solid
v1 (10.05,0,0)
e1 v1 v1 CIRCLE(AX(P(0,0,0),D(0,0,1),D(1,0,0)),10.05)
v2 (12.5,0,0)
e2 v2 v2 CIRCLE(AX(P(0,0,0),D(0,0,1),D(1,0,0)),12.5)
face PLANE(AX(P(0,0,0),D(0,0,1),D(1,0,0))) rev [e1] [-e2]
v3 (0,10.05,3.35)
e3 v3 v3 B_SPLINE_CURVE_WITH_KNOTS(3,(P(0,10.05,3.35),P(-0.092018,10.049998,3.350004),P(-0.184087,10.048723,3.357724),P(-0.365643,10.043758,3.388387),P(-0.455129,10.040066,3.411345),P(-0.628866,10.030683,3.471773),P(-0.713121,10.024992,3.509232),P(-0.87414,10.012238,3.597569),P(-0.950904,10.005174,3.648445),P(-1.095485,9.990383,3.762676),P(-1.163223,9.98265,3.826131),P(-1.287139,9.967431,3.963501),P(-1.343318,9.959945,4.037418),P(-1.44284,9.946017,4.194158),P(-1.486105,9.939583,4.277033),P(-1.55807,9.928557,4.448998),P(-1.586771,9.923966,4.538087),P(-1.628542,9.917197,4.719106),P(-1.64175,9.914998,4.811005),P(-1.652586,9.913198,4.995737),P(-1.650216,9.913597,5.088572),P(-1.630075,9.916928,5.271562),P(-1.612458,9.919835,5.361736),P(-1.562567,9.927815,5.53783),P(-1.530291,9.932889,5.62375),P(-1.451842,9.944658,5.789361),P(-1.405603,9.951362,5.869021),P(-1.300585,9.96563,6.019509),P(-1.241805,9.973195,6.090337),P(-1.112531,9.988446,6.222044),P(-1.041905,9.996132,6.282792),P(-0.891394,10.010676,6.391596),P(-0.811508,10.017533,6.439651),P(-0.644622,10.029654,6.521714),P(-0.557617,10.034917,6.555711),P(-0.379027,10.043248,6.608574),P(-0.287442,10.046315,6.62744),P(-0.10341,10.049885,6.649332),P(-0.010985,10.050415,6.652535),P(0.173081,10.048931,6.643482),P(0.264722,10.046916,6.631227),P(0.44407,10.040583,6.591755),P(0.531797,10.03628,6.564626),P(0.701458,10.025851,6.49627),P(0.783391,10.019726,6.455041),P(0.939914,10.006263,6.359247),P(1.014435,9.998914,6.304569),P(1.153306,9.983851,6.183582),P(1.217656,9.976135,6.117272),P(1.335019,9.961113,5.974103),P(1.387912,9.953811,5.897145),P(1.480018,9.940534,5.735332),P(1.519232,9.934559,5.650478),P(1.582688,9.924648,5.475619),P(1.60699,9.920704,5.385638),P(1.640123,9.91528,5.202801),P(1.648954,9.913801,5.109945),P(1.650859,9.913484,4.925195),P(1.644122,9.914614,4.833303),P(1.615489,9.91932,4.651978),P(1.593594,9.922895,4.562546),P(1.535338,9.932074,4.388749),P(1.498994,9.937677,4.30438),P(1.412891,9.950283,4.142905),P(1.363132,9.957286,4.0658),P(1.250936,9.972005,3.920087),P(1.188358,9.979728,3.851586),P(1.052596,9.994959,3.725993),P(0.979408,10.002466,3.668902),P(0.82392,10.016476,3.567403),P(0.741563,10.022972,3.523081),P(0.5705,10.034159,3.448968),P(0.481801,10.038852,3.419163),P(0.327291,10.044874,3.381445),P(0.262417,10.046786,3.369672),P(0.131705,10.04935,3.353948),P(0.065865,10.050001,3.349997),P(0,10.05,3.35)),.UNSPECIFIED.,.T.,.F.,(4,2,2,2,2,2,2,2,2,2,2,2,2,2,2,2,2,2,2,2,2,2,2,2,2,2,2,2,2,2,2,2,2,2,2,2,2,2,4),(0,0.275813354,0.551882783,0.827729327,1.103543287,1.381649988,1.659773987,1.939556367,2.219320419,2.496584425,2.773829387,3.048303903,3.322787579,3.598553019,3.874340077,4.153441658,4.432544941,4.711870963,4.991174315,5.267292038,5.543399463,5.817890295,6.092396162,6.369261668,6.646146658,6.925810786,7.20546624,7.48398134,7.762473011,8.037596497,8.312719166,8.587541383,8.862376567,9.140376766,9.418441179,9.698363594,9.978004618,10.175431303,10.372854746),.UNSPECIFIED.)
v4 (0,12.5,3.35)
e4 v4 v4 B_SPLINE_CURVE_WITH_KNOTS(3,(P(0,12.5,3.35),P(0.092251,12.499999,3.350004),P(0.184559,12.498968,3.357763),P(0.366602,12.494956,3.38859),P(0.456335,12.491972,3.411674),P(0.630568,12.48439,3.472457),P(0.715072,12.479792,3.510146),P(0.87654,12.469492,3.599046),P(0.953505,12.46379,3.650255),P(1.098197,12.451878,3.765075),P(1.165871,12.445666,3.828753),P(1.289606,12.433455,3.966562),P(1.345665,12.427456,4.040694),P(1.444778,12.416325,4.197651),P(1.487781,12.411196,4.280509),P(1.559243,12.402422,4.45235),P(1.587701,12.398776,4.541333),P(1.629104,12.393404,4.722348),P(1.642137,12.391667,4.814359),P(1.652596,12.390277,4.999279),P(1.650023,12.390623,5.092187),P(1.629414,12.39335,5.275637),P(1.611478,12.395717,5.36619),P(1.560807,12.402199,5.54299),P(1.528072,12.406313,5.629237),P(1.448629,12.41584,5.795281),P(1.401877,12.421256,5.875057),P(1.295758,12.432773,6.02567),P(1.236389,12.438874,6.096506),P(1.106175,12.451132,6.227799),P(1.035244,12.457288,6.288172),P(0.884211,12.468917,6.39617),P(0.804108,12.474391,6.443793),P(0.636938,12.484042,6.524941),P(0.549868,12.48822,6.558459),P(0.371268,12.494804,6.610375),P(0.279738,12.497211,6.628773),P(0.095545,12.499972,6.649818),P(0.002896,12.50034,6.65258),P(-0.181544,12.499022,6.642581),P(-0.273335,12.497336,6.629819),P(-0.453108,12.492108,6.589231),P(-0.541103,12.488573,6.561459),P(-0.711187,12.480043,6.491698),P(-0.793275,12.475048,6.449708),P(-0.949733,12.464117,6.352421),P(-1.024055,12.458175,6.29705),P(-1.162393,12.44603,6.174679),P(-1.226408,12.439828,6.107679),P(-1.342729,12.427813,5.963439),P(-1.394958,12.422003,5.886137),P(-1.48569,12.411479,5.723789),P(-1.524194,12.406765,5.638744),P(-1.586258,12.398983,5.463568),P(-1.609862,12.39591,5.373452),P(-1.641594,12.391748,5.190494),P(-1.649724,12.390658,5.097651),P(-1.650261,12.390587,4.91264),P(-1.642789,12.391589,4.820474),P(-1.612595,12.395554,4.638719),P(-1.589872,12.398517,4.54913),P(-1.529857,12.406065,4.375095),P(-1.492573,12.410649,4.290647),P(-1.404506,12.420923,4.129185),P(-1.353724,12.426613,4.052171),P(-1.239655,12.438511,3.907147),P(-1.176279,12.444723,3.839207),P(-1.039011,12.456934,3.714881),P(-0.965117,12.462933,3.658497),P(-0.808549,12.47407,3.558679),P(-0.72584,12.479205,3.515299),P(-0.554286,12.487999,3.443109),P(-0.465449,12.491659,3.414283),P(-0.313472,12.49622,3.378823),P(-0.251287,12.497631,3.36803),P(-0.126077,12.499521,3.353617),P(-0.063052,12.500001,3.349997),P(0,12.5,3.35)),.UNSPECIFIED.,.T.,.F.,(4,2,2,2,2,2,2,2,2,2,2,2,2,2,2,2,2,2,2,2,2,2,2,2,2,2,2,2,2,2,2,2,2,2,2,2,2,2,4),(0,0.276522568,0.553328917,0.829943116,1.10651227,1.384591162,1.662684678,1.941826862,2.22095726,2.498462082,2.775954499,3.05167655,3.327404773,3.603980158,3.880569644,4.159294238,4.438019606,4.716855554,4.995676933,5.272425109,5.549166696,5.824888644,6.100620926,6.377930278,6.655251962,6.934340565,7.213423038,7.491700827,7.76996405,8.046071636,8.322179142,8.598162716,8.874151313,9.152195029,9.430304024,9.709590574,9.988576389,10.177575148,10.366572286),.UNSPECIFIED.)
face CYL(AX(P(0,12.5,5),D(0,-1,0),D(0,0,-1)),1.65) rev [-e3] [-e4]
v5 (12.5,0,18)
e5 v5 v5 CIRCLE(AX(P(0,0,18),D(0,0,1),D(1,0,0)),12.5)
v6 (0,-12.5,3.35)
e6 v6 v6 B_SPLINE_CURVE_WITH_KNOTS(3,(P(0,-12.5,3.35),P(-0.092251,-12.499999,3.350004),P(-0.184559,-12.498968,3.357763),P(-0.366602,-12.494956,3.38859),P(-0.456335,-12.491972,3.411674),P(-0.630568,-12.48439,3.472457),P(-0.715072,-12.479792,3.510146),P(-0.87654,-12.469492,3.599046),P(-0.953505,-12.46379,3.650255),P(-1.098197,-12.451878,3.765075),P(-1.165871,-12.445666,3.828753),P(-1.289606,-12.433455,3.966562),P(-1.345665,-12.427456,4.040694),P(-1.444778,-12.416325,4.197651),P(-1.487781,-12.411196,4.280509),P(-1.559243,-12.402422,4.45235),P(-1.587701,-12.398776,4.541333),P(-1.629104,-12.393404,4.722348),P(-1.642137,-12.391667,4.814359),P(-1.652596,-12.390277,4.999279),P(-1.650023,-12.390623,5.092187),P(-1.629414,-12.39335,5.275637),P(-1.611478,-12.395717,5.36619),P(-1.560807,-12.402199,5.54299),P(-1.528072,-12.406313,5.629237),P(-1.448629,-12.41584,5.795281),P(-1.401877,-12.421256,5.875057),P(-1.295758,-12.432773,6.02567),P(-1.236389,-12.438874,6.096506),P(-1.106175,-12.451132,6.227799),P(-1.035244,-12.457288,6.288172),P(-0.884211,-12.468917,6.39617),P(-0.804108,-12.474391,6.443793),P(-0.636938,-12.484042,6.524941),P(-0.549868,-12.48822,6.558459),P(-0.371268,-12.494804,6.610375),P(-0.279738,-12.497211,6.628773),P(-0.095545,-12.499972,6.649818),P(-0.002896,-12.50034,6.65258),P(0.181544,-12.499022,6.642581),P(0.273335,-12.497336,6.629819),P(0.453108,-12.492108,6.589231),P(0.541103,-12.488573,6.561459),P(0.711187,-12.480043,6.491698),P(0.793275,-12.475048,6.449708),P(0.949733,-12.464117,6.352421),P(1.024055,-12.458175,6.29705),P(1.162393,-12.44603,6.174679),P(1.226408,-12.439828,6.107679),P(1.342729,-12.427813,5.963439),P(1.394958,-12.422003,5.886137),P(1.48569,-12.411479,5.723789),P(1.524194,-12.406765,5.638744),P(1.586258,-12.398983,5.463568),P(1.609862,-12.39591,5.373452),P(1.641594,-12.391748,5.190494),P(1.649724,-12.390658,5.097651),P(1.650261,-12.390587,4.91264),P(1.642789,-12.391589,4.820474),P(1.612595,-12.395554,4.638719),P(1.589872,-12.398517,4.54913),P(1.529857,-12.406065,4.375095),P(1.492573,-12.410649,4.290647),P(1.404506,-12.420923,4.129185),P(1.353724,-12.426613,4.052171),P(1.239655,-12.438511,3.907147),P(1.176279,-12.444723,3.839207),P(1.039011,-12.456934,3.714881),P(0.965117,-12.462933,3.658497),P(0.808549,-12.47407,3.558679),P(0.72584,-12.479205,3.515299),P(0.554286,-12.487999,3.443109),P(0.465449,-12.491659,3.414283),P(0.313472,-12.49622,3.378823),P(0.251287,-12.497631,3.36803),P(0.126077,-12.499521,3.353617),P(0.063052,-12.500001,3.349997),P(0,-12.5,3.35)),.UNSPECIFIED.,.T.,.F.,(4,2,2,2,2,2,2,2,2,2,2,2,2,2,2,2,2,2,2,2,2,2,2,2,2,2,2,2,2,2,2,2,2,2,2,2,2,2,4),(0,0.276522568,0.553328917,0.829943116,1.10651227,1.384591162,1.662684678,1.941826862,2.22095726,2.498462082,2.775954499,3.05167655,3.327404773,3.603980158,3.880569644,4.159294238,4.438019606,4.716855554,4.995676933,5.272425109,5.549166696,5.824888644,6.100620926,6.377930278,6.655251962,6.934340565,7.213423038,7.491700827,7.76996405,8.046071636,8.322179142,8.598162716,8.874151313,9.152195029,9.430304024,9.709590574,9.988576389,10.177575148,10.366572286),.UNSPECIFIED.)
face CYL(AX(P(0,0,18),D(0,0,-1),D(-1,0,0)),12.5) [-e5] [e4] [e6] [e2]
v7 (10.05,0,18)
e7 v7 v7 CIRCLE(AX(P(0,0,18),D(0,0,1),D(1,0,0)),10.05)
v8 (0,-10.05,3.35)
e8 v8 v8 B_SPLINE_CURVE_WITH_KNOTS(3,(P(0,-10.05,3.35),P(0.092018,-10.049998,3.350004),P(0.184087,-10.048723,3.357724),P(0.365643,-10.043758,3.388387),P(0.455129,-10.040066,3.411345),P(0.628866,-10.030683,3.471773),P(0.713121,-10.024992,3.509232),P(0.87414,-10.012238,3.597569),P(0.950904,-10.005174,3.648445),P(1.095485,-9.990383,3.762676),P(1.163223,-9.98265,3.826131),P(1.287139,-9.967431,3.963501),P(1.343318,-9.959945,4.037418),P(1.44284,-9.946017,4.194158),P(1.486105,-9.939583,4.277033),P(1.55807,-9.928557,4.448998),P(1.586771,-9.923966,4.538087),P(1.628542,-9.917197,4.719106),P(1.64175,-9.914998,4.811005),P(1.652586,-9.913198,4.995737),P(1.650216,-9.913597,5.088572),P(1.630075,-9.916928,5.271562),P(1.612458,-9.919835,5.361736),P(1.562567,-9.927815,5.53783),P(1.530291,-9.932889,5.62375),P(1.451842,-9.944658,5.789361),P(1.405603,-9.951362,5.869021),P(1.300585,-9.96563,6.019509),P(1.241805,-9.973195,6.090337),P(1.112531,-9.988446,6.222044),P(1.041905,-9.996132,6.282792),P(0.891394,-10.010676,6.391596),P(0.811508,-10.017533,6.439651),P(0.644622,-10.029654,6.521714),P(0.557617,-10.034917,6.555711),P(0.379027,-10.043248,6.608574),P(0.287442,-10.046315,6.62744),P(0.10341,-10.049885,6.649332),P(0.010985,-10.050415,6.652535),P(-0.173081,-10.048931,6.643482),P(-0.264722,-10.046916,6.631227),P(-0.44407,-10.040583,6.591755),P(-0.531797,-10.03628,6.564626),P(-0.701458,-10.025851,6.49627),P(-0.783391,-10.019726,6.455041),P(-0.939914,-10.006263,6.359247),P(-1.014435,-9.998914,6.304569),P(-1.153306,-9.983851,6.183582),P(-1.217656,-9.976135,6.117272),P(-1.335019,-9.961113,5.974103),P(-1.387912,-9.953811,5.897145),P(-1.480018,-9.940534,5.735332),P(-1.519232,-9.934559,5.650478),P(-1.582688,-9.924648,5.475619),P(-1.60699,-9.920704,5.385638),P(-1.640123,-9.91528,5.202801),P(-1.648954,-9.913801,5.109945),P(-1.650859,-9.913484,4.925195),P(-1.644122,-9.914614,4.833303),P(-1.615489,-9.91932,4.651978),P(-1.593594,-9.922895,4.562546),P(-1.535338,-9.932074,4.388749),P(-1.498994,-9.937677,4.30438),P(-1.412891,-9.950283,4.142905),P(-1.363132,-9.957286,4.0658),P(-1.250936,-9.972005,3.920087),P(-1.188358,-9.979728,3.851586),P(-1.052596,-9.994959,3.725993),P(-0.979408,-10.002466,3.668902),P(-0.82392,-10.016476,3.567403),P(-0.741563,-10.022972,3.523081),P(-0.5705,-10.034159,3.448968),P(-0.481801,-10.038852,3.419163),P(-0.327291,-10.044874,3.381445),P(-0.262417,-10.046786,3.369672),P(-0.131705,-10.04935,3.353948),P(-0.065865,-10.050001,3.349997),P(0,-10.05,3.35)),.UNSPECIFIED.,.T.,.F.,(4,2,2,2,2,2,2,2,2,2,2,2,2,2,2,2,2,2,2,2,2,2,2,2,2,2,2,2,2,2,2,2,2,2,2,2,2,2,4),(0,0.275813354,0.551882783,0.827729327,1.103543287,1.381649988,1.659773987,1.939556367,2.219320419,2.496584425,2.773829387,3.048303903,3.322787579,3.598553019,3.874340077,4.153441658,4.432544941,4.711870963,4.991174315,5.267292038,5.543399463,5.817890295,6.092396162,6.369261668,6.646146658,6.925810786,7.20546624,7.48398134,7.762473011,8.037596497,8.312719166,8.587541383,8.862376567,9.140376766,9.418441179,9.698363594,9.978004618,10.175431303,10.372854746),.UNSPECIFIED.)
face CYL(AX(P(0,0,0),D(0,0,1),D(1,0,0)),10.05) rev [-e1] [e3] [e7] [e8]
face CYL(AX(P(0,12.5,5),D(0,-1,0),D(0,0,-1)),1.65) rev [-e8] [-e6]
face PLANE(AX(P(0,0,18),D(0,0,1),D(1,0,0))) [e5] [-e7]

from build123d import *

# Parameters (mm, degrees)
SKETCH1_R               = 12.5
BOSS_EXTRUDE1_DEPTH     = 18
CUT_EXTRUDE1_DEPTH      = 26.228951623
CUT_EXTRUDE1_DEPTH_BACK = 26.228951623
SKETCH2_R               = 10.05
CUT_EXTRUDE2_DEPTH      = 34.24530042
CUT_EXTRUDE2_DEPTH_BACK = 34.24530042
SKETCH6_R               = 1.65


with BuildPart() as part:
    # Sketch1 → Boss-Extrude1 (new body)
    with BuildSketch(Plane.XY):
        Circle(SKETCH1_R)
    extrude(amount=BOSS_EXTRUDE1_DEPTH)

    # Sketch2 → Cut-Extrude1 (cut, two sides: drawn at the far end of the back side and taken through both)
    with BuildSketch(Plane.XY.offset(18).offset(-CUT_EXTRUDE1_DEPTH_BACK)):
        Circle(SKETCH2_R)
    extrude(amount=CUT_EXTRUDE1_DEPTH + CUT_EXTRUDE1_DEPTH_BACK, mode=Mode.SUBTRACT)

    # Sketch6 → Cut-Extrude2 (cut, two sides: drawn at the far end of the back side and taken through both)
    with BuildSketch(Plane(origin=(0, -12.5, 0), x_dir=(-1, 0, 0), z_dir=(0, -1, 0)).offset(-CUT_EXTRUDE2_DEPTH_BACK)):
        with Locations(Location((0, -5, 0), (0, 0, 90))):
            Circle(SKETCH6_R)
    extrude(amount=CUT_EXTRUDE2_DEPTH + CUT_EXTRUDE2_DEPTH_BACK, mode=Mode.SUBTRACT)


solid = part.part
